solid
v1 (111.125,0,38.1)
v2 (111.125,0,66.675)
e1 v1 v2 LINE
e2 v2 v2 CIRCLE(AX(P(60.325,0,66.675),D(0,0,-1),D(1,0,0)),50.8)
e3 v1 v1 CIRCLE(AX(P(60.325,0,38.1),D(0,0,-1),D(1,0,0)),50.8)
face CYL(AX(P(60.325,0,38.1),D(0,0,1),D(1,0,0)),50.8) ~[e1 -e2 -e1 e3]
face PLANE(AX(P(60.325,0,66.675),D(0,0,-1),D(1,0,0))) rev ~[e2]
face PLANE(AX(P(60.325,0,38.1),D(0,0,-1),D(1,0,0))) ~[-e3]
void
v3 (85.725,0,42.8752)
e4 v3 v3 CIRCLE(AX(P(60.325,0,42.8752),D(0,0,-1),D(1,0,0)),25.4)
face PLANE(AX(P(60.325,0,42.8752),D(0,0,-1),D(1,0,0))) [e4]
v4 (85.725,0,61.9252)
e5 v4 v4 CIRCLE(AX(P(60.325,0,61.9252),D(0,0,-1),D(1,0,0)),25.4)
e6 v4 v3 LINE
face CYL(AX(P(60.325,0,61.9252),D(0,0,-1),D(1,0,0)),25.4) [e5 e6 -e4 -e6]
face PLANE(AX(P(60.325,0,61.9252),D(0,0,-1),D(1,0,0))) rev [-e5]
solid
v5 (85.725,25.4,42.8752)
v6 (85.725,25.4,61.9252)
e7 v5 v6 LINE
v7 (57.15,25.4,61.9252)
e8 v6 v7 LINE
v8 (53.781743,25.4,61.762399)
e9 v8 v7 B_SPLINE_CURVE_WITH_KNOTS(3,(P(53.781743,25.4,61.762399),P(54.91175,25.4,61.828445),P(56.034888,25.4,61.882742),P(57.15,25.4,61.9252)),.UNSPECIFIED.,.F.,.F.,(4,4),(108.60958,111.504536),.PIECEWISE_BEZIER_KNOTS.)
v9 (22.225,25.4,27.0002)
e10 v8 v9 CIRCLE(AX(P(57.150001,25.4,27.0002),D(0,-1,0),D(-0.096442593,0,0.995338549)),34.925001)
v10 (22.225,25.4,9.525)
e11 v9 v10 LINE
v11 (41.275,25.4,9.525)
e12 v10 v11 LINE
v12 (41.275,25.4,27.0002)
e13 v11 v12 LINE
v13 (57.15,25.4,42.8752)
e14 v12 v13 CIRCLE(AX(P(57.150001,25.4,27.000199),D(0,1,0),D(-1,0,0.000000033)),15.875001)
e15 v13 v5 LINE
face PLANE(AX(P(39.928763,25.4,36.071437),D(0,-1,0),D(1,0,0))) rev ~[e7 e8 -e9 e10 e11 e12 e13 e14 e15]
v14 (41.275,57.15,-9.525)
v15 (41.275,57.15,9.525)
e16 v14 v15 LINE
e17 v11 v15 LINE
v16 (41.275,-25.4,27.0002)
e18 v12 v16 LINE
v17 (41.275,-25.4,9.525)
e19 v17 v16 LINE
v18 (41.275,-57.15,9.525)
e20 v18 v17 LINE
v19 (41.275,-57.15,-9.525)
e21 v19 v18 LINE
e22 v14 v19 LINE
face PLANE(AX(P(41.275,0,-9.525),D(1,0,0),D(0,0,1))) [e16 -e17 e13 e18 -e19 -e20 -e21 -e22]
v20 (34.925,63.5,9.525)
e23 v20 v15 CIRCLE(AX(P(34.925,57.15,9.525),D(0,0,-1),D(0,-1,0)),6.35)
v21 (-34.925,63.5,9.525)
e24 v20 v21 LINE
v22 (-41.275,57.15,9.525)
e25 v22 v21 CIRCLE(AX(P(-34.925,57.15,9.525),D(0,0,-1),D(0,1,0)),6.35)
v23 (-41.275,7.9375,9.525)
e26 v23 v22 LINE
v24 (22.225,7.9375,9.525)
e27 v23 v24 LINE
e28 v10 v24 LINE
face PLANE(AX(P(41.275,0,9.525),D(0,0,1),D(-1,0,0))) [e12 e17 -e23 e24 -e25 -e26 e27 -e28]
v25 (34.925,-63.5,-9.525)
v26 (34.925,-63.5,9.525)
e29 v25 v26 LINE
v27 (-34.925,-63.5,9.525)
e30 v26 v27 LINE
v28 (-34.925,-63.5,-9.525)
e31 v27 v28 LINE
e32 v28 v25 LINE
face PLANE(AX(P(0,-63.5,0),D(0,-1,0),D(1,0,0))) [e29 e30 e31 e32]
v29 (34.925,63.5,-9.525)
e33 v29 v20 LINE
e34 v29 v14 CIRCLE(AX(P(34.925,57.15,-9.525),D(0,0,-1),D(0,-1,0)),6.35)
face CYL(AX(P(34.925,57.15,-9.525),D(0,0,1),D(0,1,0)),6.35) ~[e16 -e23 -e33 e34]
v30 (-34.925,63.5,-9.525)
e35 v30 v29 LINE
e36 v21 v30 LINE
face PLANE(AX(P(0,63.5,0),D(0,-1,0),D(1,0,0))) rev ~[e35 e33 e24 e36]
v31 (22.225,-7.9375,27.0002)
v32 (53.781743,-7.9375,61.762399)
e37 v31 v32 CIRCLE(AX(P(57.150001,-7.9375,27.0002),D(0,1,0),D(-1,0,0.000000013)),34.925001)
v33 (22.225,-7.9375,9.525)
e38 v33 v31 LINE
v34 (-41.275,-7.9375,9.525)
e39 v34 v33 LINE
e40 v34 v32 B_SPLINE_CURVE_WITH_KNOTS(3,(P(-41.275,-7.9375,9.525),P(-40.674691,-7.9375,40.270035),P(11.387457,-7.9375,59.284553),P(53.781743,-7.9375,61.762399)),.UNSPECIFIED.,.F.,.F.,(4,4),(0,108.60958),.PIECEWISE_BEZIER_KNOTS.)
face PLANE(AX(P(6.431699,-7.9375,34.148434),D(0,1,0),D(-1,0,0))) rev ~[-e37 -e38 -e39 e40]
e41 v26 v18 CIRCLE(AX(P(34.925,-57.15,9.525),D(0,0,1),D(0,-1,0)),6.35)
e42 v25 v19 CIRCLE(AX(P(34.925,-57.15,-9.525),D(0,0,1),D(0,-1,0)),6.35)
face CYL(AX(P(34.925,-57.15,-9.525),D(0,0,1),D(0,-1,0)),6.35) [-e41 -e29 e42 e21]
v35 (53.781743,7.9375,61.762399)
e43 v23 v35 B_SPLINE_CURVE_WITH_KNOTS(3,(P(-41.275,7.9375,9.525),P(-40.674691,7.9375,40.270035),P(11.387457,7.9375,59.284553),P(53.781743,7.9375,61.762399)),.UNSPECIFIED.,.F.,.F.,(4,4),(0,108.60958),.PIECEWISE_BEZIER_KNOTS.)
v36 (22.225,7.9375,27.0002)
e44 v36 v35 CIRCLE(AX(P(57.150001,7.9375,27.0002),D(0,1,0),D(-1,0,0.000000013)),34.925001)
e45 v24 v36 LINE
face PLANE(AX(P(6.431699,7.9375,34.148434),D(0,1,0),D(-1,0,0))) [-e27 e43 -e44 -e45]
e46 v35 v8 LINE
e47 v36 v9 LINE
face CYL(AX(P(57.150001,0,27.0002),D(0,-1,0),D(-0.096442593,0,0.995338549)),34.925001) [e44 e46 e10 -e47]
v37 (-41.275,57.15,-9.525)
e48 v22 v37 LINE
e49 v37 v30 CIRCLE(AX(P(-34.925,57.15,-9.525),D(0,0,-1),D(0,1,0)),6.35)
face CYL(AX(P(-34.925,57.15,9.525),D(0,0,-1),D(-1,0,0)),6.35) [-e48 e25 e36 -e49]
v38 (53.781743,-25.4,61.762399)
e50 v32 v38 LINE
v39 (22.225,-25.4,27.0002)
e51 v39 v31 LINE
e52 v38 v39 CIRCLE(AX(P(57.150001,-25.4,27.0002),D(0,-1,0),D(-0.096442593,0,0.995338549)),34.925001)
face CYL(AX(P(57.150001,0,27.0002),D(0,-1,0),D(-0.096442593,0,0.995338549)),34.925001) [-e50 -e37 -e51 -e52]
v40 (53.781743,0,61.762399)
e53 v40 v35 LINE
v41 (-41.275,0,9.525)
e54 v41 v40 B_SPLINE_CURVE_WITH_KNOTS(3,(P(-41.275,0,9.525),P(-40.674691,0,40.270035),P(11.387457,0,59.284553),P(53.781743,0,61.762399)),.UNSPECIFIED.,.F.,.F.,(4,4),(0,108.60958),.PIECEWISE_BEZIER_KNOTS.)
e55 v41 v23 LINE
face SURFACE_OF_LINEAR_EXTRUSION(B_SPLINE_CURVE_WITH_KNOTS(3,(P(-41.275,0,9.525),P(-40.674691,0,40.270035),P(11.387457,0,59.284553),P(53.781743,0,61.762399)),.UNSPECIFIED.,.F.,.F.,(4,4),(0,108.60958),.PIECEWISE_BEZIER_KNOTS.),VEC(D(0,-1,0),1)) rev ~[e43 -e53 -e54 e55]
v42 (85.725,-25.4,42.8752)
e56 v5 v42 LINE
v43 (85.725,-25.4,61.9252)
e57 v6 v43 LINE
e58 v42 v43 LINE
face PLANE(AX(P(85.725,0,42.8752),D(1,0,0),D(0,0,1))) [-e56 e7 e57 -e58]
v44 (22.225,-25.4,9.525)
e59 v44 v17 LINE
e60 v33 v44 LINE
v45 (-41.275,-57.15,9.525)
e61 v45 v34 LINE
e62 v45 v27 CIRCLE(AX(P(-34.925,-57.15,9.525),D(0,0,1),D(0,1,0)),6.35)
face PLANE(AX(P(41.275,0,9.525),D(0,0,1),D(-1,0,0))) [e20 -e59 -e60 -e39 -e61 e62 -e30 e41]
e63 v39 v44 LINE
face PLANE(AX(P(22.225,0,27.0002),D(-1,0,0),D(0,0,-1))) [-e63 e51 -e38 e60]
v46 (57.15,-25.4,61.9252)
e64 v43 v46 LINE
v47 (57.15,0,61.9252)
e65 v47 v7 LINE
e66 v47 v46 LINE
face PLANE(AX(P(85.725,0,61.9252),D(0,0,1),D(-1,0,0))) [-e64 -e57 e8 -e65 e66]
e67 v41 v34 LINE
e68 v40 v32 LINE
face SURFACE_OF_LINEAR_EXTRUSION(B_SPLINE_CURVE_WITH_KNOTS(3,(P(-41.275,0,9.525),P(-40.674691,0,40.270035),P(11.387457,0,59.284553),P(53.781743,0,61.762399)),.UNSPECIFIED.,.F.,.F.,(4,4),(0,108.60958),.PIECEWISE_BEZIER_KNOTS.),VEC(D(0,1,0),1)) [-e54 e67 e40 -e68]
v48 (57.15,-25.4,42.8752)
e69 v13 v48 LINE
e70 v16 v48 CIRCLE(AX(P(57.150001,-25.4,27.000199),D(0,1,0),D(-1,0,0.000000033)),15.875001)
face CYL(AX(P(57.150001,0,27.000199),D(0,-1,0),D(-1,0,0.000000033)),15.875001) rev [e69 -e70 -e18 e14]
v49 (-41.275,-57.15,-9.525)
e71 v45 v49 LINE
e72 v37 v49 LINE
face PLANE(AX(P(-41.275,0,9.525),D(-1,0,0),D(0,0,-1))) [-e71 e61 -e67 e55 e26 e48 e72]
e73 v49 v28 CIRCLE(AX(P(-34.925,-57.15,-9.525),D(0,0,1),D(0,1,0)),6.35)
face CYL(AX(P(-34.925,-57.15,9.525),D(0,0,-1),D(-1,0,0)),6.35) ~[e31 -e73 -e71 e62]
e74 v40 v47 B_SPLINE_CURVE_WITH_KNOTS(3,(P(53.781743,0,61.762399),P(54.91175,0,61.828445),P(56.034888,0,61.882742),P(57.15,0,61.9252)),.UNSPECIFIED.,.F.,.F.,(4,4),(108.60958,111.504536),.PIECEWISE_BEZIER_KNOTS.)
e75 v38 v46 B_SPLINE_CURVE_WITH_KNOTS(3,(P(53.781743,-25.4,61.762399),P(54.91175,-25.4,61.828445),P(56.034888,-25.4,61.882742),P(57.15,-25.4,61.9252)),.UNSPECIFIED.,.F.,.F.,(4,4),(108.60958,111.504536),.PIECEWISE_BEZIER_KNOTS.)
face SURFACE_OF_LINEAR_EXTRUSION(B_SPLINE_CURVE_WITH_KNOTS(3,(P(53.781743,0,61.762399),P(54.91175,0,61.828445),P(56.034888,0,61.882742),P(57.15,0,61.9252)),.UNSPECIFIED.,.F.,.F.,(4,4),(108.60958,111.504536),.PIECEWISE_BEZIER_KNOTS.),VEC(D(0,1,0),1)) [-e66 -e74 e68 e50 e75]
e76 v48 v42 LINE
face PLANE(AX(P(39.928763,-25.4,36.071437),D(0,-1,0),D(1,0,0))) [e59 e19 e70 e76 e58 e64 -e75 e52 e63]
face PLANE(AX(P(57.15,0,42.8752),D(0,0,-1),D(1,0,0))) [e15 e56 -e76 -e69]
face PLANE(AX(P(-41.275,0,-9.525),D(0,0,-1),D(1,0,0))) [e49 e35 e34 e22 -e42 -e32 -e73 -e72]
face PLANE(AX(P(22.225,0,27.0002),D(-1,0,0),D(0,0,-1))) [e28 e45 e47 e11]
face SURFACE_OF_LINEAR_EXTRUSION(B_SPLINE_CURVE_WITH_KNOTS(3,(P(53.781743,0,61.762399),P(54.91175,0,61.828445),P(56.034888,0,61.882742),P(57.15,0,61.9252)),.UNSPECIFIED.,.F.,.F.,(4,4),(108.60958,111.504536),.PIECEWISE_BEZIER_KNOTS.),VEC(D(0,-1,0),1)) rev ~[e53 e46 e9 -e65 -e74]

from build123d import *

# Parameters (mm, degrees)
F2_DEPTH = 63.5
F0_W     = 25.4
F0_H     = 19.05
F3_DEPTH = 25.4
F4_DEPTH = 7.9375
F6_R     = 6.35


with BuildPart() as f2:
    # F0 (on Front) → F2 (new body, symmetric)
    with BuildSketch(Plane.XZ):
        Polygon((22.225, 9.525), (-41.275, 9.525), (-41.275, -9.525), (41.275, -9.525), (41.275, 9.525), align=None)
    extrude(amount=F2_DEPTH, both=True)

    # F0 (on Front) → F3 (join, symmetric)
    with BuildSketch(Plane.XZ):
        with BuildLine():
            Line((22.225, 27.0002), (22.225, 9.525))
            Line((22.225, 9.525), (41.275, 9.525))
            Line((41.275, 9.525), (41.275, 27.0002))
            ThreePointArc((41.275, 27.0002), (45.92468, 38.22552), (57.15, 42.8752))
            Line((57.15, 42.8752), (60.325, 42.8752))
            Line((60.325, 42.8752), (60.325, 61.9252))
            Line((60.325, 61.9252), (57.15, 61.9252))
            add(Edge.make_bspline(
                [(53.781743, 61.762399), (54.91175, 61.828445), (56.034888, 61.882742), (57.15, 61.9252)],
                knots=[108.60958, 108.60958, 108.60958, 108.60958, 111.504536, 111.504536, 111.504536, 111.504536], degree=3))
            ThreePointArc((53.781743, 61.762399), (31.290843, 50.474859), (22.225, 27.0002))
        make_face()
        with Locations((73.025, 52.4002)):
            Rectangle(F0_W, F0_H)
    extrude(amount=F3_DEPTH, both=True)

    # F0 (on Front) → F4 (join, symmetric)
    with BuildSketch(Plane.XZ):
        with BuildLine():
            add(Edge.make_bspline(
                [(-41.275, 9.525), (-40.674691, 40.270035), (11.387457, 59.284553), (53.781743, 61.762399)],
                knots=[0, 0, 0, 0, 108.60958, 108.60958, 108.60958, 108.60958], degree=3))
            Line((-41.275, 9.525), (22.225, 9.525))
            Line((22.225, 9.525), (22.225, 27.0002))
            ThreePointArc((22.225, 27.0002), (31.290843, 50.474859), (53.781743, 61.762399))
        make_face()
    extrude(amount=F4_DEPTH, both=True)

    # F6
    f6_edges = [f2.edges().sort_by_distance(p)[0] for p in [
        (41.275, -63.5, 0),
        (-41.275, -63.5, 0),
        (41.275, 63.5, 0),
        (-41.275, 63.5, 0),
    ]]
    fillet(f6_edges, radius=F6_R)


with BuildPart() as f5:
    # F0 (on Front) → F5 (revolve)
    with BuildSketch(Plane.XZ):
        Polygon((60.325, 66.675), (60.325, 61.9252), (85.725, 61.9252), (85.725, 42.8752), (60.325, 42.8752), (60.325, 38.1), (111.125, 38.1), (111.125, 66.675), align=None)
    revolve(axis=Axis((60.325, 0, 52.3875), (0, 0, -1)))


solid = Compound([f2.part, f5.part])
